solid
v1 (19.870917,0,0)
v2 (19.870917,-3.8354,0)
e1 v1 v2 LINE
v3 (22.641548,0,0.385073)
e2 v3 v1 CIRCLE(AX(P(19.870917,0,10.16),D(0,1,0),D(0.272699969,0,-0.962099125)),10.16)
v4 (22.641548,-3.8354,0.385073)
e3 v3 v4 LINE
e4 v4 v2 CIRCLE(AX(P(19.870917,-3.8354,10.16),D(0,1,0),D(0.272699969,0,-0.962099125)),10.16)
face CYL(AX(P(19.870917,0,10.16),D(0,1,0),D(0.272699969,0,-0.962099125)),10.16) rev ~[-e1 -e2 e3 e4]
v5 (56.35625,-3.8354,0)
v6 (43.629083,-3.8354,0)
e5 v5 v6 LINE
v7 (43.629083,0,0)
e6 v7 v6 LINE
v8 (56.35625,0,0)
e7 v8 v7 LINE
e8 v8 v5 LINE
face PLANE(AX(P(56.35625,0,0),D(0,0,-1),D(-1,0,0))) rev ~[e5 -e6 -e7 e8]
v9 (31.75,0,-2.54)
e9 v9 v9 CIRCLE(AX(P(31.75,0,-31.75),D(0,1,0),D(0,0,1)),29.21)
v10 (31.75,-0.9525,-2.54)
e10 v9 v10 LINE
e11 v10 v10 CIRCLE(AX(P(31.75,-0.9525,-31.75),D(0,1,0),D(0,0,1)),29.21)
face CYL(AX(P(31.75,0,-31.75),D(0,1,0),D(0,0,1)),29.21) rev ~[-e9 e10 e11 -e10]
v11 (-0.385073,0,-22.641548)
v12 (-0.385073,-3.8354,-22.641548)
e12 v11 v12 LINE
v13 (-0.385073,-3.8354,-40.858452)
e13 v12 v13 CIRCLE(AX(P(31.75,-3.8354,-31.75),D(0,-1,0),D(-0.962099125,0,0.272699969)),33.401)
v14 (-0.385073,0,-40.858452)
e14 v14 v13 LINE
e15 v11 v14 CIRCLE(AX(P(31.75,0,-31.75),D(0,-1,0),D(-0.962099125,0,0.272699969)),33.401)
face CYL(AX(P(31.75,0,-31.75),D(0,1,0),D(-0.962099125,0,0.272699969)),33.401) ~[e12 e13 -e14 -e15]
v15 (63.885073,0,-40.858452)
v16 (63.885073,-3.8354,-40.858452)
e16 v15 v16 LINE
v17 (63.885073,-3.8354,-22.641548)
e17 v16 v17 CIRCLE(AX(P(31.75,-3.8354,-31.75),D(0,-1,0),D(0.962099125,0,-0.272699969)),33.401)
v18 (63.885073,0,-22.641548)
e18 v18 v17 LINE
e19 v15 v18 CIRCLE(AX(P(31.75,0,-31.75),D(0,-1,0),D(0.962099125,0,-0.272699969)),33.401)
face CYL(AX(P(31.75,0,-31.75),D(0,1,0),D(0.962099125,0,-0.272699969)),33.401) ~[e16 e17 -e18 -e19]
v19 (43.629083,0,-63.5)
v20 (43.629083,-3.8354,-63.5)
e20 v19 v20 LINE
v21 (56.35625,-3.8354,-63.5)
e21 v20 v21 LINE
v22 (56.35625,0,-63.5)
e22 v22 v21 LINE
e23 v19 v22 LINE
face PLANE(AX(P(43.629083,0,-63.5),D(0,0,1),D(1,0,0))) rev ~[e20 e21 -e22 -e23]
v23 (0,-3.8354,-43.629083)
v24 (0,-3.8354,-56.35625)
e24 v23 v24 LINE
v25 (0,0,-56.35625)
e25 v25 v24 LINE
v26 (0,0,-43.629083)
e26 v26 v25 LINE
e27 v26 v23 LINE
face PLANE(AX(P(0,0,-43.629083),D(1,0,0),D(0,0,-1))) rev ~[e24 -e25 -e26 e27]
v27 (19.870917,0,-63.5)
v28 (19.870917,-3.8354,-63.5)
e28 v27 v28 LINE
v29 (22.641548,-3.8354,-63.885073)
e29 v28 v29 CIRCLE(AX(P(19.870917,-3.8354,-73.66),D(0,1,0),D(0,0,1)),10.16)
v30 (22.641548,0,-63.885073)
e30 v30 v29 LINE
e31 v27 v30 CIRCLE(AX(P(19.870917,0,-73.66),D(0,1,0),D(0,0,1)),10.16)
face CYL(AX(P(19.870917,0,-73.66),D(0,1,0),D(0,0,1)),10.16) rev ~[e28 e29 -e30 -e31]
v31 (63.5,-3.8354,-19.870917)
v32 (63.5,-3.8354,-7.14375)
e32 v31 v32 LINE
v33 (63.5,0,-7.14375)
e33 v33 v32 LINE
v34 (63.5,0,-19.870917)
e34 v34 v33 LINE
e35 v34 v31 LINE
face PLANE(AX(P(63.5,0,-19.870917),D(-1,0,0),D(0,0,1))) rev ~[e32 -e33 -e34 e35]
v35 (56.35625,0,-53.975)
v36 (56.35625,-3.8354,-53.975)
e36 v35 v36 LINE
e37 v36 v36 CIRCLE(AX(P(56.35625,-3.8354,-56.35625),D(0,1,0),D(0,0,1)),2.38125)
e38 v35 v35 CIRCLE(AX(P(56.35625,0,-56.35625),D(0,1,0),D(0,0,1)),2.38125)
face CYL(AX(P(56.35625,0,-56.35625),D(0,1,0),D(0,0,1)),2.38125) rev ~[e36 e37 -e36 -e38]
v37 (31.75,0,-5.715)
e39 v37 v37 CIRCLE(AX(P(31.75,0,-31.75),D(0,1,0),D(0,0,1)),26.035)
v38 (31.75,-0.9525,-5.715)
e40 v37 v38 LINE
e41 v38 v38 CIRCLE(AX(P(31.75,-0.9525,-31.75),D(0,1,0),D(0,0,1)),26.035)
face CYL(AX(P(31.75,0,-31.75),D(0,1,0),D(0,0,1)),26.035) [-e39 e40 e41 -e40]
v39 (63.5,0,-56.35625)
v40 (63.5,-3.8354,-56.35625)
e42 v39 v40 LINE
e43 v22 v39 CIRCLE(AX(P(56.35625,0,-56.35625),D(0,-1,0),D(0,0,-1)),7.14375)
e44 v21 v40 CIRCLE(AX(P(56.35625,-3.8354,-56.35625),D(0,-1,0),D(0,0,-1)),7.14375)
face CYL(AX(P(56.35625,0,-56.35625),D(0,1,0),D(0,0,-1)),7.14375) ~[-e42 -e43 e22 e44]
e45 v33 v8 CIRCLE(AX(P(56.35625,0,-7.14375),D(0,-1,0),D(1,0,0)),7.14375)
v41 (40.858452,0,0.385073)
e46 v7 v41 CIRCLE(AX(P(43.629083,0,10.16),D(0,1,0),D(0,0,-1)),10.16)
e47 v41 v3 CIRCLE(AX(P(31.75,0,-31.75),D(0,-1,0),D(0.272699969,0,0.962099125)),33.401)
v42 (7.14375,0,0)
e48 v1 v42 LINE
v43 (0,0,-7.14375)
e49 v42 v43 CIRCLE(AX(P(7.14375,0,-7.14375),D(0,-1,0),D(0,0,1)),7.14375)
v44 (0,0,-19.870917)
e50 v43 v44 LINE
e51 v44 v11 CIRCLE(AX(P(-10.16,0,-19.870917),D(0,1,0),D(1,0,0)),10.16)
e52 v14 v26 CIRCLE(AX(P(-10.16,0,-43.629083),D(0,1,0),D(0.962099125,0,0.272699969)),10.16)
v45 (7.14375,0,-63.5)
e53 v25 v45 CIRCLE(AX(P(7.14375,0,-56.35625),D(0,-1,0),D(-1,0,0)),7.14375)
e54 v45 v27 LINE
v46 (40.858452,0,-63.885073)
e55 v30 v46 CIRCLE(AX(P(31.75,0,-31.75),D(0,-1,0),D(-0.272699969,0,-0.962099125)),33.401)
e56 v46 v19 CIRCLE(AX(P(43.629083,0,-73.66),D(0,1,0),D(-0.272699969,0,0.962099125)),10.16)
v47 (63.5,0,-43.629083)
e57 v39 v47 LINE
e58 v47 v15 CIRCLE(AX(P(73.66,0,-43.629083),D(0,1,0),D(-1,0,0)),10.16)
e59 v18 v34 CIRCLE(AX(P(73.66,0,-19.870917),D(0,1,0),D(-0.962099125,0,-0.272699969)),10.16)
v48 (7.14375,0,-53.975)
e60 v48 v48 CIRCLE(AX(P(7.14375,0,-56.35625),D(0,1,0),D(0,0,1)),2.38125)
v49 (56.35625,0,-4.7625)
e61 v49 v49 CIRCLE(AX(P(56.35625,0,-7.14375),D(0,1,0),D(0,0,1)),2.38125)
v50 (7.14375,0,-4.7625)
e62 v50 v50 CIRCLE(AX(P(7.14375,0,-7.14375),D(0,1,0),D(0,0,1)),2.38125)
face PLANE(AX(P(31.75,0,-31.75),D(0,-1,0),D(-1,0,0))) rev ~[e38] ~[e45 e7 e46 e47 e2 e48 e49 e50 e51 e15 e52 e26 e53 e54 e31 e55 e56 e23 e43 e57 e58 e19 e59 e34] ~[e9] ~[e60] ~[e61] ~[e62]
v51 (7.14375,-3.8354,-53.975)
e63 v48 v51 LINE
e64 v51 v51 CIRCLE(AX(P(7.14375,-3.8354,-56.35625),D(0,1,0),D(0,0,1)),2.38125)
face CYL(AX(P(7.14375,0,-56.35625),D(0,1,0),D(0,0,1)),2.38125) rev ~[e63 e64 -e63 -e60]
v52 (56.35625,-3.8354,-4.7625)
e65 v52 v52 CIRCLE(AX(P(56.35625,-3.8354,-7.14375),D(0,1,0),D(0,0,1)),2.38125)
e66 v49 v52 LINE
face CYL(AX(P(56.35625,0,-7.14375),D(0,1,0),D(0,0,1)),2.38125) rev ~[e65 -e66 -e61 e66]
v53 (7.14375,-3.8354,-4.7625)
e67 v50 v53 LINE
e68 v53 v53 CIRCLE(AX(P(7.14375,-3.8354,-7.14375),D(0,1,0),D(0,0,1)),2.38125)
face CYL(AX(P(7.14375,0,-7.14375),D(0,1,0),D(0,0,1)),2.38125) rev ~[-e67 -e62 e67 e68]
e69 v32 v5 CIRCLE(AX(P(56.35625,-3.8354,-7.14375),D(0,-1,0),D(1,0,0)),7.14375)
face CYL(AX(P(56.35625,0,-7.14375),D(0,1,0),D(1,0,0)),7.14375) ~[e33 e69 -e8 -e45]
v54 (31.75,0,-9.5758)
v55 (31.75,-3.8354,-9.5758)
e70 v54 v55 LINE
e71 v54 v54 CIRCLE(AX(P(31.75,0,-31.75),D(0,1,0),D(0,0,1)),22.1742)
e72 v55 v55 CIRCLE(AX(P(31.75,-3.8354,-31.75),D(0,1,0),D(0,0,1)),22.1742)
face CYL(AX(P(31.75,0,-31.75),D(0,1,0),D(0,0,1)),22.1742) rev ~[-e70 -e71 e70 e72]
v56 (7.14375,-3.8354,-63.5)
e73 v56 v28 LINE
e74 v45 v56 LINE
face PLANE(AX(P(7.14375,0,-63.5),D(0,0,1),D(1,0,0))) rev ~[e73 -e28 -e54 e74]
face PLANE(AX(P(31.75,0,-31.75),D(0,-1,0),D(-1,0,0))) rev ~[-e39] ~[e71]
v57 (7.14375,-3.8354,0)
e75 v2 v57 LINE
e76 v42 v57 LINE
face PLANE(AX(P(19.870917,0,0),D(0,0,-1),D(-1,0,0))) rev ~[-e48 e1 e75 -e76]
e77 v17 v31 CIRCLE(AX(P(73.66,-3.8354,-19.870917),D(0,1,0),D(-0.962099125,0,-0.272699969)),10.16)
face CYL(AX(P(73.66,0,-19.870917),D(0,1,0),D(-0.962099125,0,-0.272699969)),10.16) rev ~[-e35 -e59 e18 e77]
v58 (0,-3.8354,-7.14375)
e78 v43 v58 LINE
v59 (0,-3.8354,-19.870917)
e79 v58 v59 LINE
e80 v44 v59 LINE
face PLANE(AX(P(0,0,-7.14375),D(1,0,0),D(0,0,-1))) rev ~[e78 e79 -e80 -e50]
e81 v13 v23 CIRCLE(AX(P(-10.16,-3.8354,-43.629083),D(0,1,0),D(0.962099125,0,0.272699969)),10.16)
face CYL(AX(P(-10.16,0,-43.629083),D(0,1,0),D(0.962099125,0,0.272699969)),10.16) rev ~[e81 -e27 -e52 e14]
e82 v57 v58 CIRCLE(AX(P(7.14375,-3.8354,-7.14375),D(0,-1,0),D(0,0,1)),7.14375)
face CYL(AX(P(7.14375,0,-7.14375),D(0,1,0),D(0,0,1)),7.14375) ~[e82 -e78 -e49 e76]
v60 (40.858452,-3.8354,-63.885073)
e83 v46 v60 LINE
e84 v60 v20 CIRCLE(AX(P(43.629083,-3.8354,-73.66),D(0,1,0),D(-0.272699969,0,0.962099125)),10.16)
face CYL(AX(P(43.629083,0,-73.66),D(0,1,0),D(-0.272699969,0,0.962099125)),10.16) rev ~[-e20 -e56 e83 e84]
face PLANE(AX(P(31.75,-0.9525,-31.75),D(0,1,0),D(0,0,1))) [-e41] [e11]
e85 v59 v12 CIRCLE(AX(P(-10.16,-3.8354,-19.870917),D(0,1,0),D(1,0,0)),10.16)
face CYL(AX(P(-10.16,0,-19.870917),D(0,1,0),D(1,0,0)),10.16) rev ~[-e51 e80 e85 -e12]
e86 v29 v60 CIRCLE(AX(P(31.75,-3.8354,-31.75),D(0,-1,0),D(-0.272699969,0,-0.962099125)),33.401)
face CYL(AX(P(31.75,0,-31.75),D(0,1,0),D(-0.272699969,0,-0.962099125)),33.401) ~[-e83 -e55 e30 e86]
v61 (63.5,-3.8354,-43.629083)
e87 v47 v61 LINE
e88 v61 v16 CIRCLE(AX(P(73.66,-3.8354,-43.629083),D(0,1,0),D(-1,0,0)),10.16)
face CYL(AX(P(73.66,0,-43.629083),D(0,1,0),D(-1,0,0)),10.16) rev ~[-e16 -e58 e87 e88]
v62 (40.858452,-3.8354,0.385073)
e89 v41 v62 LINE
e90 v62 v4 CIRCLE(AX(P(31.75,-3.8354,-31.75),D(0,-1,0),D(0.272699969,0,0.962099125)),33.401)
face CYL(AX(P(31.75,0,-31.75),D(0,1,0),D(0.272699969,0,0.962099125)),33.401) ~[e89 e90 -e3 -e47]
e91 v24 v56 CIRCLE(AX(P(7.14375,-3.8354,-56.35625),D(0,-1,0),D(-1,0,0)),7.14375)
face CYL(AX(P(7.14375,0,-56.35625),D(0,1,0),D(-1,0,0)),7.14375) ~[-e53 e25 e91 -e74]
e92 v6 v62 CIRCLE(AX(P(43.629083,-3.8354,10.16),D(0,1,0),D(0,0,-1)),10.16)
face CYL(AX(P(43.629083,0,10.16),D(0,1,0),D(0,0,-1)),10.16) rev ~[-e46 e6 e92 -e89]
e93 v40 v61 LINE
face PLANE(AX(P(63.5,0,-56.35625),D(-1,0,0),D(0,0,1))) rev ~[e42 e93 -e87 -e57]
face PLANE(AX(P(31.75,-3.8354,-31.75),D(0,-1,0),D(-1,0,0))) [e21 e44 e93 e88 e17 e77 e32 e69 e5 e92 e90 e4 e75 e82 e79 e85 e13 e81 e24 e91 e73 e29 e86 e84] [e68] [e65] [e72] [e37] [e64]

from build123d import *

# Parameters (mm, degrees)
SKETCH1_R           = 22.1742
SKETCH1_R_2         = 2.38125
BOSS_EXTRUDE1_DEPTH = 3.8354
SKETCH2_R           = 29.21
SKETCH2_R_2         = 26.035
CUT_EXTRUDE1_DEPTH  = 0.9525


with BuildPart() as part:
    # Sketch1 → Boss-Extrude1 (new body)
    with BuildSketch(Plane(origin=(0, 0, 0), x_dir=(1, 0, 0), z_dir=(0, 1, 0))):
        with BuildLine():
            Line((0, 43.62908334), (0, 56.35625))
            ThreePointArc((0, 56.35625), (2.092355932, 61.407644068), (7.14375, 63.5))
            Line((7.14375, 63.5), (19.87091666, 63.5))
            ThreePointArc((19.87091666, 63.5), (21.269548228, 63.596728676), (22.641548343, 63.885072886))
            ThreePointArc((22.641548343, 63.885072886), (31.75, 65.151), (40.858451657, 63.885072886))
            ThreePointArc((40.858451657, 63.885072886), (42.230451772, 63.596728676), (43.62908334, 63.5))
            Line((43.62908334, 63.5), (56.35625, 63.5))
            ThreePointArc((56.35625, 63.5), (61.407644068, 61.407644068), (63.5, 56.35625))
            Line((63.5, 56.35625), (63.5, 43.62908334))
            ThreePointArc((63.5, 43.62908334), (63.596728676, 42.230451772), (63.885072886, 40.858451657))
            ThreePointArc((63.885072886, 40.858451657), (65.151, 31.75), (63.885072886, 22.641548343))
            ThreePointArc((63.885072886, 22.641548343), (63.596728676, 21.269548228), (63.5, 19.87091666))
            Line((63.5, 19.87091666), (63.5, 7.14375))
            ThreePointArc((63.5, 7.14375), (61.407644068, 2.092355932), (56.35625, 0))
            Line((56.35625, 0), (43.62908334, 0))
            ThreePointArc((43.62908334, 0), (42.230451772, -0.096728676), (40.858451657, -0.385072886))
            ThreePointArc((40.858451657, -0.385072886), (31.75, -1.651), (22.641548343, -0.385072886))
            ThreePointArc((22.641548343, -0.385072886), (21.269548228, -0.096728676), (19.87091666, 0))
            Line((19.87091666, 0), (7.14375, 0))
            ThreePointArc((7.14375, 0), (2.092355932, 2.092355932), (0, 7.14375))
            Line((0, 7.14375), (0, 19.87091666))
            ThreePointArc((0, 19.87091666), (-0.096728676, 21.269548228), (-0.385072886, 22.641548343))
            ThreePointArc((-0.385072886, 22.641548343), (-1.651, 31.75), (-0.385072886, 40.858451657))
            ThreePointArc((-0.385072886, 40.858451657), (-0.096728676, 42.230451772), (0, 43.62908334))
        make_face()
        with Locations(Location((31.75, 31.75, 0), (0, 0, 270))):
            Circle(SKETCH1_R, mode=Mode.SUBTRACT)
        with Locations(Location((56.35625, 56.35625, 0), (0, 0, 270))):
            Circle(SKETCH1_R_2, mode=Mode.SUBTRACT)
        with Locations(Location((56.35625, 7.14375, 0), (0, 0, 270))):
            Circle(SKETCH1_R_2, mode=Mode.SUBTRACT)
        with Locations(Location((7.14375, 7.14375, 0), (0, 0, 270))):
            Circle(SKETCH1_R_2, mode=Mode.SUBTRACT)
        with Locations(Location((7.14375, 56.35625, 0), (0, 0, 270))):
            Circle(SKETCH1_R_2, mode=Mode.SUBTRACT)
    extrude(amount=-BOSS_EXTRUDE1_DEPTH)

    # Sketch2 → Cut-Extrude1 (cut)
    with BuildSketch(Plane(origin=(0, 0, 0), x_dir=(1, 0, 0), z_dir=(0, 1, 0))):
        with Locations(Location((31.75, 31.75, 0), (0, 0, 270))):
            Circle(SKETCH2_R)
        with Locations(Location((31.75, 31.75, 0), (0, 0, 270))):
            Circle(SKETCH2_R_2, mode=Mode.SUBTRACT)
    extrude(amount=-CUT_EXTRUDE1_DEPTH, mode=Mode.SUBTRACT)


solid = part.part
